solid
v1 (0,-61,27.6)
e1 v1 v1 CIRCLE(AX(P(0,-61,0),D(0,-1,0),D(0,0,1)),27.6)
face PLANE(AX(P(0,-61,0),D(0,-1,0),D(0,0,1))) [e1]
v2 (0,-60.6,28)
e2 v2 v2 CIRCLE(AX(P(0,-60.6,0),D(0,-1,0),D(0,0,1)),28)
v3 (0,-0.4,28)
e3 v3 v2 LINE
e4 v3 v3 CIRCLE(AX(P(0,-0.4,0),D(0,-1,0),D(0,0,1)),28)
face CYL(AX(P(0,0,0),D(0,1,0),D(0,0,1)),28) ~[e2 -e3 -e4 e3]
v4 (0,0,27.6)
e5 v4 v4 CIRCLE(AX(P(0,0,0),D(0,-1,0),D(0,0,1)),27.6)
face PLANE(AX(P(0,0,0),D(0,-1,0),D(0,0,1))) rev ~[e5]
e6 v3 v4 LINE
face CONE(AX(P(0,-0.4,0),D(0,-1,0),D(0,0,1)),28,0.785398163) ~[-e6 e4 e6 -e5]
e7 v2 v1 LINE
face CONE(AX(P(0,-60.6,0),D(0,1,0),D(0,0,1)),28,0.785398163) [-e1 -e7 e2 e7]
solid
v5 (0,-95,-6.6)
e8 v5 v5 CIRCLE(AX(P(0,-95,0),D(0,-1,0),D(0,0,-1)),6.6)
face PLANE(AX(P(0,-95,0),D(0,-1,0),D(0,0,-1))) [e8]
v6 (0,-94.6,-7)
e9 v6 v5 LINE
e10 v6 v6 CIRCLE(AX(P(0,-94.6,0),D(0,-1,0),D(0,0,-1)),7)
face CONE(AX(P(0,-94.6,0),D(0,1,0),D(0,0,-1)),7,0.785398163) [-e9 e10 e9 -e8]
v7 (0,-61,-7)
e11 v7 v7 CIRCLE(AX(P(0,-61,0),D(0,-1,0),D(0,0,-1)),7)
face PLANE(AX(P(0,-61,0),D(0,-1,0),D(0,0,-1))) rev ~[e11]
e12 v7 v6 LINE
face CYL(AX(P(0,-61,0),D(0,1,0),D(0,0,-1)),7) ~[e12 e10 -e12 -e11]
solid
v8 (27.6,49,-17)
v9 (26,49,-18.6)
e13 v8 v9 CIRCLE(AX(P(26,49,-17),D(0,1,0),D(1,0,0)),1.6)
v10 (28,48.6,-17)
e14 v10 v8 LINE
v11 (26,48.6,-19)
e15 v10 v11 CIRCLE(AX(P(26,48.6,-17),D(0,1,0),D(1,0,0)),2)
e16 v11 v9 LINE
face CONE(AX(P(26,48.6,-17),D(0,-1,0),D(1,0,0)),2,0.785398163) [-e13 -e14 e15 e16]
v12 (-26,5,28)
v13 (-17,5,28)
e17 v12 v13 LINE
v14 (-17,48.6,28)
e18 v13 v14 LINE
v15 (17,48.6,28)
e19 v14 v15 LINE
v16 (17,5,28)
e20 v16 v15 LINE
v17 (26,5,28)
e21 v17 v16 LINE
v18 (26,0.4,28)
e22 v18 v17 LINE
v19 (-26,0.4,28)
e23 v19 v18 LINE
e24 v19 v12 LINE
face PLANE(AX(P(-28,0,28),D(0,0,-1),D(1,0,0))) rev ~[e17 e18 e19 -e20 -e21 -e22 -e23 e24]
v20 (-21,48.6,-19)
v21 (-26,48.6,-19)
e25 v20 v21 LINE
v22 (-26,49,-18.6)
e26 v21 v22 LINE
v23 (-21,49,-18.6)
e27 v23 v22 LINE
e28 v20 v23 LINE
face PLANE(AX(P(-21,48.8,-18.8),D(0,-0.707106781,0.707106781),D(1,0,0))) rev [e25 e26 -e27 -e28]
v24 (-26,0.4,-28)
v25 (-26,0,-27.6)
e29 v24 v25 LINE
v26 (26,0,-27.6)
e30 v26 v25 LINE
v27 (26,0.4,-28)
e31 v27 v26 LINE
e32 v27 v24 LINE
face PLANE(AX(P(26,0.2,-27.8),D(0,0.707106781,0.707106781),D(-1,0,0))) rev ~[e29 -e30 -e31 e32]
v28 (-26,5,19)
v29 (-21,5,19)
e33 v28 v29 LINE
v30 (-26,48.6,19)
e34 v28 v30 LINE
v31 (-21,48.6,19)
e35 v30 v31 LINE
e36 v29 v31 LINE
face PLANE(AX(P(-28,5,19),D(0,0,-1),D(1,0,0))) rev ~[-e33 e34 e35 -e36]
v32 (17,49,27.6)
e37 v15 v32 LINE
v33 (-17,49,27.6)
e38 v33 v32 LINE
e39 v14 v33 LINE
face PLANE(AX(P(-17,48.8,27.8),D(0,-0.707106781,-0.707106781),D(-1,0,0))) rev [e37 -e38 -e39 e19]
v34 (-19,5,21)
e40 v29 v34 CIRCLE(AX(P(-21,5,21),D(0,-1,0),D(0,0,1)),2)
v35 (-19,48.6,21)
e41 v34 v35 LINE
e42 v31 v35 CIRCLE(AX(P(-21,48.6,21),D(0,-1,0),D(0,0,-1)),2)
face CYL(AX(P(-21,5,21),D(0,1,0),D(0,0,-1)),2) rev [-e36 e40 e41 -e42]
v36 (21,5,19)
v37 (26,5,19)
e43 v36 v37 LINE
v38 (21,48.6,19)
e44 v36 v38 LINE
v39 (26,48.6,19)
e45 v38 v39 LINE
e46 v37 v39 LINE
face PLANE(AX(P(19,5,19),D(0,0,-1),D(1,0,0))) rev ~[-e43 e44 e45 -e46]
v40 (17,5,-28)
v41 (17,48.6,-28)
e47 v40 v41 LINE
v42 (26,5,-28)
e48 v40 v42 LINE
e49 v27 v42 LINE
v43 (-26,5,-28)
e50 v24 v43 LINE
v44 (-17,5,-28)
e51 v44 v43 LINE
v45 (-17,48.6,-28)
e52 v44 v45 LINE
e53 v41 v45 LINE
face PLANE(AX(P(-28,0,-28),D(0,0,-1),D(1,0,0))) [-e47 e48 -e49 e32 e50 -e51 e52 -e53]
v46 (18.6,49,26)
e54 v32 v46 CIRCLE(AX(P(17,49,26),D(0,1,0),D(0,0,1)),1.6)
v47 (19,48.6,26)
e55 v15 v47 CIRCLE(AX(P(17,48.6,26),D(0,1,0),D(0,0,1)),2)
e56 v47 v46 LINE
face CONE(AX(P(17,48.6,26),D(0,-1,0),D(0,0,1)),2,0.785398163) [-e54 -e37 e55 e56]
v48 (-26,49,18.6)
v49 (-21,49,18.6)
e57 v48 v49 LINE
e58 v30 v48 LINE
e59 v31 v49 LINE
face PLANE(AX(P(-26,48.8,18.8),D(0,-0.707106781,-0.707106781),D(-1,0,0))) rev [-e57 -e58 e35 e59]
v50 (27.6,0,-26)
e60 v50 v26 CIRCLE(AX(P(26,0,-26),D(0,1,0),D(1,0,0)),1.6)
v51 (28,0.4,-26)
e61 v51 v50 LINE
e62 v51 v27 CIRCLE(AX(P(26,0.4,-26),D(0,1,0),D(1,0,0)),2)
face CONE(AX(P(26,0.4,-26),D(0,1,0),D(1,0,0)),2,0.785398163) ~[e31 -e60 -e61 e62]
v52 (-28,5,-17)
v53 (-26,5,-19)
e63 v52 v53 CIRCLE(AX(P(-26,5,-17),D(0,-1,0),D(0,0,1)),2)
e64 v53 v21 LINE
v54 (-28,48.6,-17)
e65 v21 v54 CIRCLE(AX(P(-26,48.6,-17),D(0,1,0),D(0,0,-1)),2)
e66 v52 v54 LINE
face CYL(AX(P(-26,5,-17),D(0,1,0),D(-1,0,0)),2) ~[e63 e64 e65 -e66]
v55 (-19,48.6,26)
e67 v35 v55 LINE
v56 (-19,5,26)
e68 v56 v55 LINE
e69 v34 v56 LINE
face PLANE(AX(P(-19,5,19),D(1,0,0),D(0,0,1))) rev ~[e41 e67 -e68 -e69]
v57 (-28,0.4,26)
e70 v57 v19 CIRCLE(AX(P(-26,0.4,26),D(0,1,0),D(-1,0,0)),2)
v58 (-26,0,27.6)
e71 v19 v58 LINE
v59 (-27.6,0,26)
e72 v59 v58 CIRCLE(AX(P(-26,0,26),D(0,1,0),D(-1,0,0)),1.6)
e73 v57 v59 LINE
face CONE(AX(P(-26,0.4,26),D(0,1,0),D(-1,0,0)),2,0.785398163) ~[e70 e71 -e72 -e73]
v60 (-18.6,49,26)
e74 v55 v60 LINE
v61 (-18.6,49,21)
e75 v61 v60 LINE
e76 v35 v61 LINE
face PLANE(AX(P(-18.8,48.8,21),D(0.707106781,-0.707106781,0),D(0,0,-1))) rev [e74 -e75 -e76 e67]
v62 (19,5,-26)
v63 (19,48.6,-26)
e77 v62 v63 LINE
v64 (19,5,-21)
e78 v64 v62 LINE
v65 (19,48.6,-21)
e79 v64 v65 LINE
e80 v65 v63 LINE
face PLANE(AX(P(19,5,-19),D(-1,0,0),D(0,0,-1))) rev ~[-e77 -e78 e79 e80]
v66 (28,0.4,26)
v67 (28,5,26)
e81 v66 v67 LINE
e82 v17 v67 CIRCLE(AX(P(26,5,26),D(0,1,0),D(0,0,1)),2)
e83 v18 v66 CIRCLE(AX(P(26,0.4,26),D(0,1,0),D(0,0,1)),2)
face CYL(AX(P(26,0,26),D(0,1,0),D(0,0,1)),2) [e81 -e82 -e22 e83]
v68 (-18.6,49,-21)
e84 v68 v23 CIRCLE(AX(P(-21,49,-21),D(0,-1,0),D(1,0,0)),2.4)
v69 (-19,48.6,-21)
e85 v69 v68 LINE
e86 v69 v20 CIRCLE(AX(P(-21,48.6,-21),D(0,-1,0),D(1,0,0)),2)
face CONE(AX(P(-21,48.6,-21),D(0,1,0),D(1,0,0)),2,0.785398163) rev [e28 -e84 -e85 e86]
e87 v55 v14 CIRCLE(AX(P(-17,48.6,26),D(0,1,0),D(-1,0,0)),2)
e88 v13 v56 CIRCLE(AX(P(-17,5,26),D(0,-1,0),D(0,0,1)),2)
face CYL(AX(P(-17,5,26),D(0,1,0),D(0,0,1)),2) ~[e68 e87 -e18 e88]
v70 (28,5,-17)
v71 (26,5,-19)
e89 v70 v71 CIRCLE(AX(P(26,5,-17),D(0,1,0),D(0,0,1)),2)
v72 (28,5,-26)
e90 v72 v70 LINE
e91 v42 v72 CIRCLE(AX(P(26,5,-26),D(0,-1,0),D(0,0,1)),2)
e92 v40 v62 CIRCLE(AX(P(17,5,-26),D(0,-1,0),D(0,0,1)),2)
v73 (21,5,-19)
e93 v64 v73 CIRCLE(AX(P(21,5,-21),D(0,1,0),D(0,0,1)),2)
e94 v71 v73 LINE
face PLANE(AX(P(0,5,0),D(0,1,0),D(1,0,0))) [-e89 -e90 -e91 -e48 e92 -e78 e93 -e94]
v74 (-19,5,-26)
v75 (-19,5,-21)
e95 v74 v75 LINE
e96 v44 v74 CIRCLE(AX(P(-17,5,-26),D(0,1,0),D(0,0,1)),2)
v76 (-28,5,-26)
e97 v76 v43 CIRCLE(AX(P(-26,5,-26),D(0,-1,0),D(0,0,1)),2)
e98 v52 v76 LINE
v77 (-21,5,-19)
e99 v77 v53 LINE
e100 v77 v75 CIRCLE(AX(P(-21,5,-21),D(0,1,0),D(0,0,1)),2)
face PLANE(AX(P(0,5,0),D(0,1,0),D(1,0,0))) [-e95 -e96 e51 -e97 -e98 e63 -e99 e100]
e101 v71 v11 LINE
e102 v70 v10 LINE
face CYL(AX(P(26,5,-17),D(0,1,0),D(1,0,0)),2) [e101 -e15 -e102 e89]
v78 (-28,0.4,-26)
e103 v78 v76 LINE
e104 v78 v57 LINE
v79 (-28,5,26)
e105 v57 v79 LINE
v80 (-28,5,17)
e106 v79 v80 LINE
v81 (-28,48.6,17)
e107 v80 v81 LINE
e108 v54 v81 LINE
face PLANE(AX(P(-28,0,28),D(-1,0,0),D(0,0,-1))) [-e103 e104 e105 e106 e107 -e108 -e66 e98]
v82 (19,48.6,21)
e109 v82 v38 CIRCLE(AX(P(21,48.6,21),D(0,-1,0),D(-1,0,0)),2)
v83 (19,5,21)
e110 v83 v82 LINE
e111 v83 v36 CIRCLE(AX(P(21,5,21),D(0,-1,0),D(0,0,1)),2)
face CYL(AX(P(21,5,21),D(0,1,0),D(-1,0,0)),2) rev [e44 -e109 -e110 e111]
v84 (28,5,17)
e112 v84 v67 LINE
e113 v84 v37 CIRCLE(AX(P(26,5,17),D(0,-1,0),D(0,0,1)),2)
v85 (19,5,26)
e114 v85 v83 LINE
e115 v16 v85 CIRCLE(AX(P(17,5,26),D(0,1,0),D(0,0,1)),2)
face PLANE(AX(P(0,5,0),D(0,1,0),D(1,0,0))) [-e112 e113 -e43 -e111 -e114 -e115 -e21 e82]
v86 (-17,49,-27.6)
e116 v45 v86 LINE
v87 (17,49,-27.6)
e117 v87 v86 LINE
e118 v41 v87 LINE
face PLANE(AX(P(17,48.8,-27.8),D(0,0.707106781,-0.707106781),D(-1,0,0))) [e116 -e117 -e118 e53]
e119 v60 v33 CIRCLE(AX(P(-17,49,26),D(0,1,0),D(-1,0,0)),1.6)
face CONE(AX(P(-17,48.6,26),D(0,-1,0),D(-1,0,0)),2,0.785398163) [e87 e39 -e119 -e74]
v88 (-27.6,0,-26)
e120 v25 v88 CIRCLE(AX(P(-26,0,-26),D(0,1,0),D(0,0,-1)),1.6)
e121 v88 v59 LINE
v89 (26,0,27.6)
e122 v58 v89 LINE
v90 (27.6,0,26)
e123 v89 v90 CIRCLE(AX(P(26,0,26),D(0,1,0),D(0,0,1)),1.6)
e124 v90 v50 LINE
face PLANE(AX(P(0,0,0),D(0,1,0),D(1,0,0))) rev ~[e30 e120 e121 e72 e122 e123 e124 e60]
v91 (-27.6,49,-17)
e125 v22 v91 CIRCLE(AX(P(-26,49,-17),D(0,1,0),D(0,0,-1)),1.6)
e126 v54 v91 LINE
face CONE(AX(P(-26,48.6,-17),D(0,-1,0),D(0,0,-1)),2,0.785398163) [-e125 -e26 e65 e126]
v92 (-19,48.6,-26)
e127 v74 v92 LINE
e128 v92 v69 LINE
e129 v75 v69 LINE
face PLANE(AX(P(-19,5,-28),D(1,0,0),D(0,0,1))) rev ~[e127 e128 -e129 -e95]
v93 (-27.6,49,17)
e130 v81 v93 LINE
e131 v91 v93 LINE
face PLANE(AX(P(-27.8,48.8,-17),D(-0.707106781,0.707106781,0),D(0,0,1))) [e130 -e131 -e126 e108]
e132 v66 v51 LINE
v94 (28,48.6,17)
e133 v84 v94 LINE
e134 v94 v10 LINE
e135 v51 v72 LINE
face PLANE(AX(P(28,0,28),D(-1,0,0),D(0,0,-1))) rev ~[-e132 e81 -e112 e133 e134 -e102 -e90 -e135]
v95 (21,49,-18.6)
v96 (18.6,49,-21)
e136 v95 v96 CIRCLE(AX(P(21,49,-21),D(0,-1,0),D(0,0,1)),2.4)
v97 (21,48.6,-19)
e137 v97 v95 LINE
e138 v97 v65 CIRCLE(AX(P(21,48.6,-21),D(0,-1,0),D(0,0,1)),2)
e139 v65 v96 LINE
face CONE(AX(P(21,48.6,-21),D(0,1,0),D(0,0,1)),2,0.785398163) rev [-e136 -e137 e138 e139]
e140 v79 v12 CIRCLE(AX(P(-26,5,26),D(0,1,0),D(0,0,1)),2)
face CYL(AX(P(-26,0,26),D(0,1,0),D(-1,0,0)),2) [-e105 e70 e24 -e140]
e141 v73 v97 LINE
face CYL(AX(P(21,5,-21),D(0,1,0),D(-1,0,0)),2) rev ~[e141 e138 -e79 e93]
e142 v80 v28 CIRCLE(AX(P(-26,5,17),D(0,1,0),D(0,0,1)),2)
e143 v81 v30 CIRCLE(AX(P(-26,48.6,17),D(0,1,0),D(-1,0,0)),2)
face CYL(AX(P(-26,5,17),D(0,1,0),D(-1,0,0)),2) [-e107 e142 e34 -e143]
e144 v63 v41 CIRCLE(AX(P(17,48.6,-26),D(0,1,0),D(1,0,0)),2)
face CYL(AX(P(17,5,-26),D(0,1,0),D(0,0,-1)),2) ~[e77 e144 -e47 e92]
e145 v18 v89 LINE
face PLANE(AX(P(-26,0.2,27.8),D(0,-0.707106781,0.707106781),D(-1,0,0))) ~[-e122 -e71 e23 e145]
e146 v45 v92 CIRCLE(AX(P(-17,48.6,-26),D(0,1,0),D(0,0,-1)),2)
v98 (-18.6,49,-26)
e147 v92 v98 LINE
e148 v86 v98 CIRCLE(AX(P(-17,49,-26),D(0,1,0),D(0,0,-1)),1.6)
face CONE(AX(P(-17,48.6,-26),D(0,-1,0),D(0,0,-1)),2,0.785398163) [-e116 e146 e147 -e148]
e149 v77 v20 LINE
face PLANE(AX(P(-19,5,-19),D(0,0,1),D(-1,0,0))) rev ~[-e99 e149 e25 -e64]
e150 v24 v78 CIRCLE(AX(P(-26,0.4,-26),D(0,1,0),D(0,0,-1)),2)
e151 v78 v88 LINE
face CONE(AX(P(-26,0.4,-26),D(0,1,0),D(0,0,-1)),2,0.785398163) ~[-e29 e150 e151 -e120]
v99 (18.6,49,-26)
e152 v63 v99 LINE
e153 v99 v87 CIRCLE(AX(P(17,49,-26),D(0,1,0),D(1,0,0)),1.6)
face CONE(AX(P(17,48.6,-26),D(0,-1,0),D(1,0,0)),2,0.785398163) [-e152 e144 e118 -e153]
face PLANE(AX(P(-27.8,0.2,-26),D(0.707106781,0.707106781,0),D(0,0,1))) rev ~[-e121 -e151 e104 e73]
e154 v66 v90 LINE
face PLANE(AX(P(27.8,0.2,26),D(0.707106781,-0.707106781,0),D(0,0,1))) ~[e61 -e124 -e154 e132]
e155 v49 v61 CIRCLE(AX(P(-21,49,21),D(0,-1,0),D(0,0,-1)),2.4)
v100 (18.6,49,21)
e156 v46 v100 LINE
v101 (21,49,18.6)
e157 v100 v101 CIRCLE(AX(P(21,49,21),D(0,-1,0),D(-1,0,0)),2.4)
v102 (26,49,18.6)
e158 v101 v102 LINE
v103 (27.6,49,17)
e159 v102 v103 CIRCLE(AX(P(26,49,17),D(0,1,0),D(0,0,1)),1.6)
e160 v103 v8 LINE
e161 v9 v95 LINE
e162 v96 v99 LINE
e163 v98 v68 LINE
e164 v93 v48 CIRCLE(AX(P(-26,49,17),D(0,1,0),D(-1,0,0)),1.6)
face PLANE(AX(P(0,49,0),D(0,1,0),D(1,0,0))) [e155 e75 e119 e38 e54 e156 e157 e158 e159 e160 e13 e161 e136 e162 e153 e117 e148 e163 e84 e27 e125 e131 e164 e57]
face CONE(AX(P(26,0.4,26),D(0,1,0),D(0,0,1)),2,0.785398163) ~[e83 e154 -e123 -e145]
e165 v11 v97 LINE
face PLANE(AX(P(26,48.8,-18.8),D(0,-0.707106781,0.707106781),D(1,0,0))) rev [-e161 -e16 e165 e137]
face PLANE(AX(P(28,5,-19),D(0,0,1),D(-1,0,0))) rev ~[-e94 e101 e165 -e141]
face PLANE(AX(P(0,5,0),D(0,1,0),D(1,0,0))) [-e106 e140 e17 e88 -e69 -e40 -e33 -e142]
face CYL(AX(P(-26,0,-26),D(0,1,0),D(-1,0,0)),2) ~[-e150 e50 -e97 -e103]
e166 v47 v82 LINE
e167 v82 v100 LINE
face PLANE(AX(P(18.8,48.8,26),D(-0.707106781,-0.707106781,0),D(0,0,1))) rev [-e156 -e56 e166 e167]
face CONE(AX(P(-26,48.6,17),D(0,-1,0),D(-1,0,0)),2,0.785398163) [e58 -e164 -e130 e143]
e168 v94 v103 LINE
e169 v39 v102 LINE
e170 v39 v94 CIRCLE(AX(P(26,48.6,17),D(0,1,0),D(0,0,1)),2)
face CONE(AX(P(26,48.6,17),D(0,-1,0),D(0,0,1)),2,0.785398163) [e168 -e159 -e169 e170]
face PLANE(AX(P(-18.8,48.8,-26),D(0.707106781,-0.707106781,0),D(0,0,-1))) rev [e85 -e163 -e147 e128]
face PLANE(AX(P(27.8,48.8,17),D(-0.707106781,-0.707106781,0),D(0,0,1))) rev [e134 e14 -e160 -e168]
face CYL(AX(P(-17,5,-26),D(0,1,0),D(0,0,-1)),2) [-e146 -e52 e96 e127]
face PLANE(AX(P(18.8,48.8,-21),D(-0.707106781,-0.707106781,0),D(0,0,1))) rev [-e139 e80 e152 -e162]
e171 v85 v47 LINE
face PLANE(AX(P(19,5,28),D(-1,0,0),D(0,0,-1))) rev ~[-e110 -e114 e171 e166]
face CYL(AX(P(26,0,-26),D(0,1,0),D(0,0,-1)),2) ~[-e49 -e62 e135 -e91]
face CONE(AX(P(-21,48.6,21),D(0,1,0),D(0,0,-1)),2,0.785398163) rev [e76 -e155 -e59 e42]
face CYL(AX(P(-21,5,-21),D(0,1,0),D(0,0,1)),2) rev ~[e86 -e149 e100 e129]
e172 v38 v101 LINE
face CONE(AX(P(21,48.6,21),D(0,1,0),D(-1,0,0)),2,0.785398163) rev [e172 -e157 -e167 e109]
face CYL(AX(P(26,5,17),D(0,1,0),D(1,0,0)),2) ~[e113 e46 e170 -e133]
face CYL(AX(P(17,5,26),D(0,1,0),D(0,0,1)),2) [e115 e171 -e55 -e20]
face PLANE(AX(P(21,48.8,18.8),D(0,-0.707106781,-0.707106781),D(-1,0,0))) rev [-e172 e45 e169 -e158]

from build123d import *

# Parameters (mm, degrees)
SKETCH1_W           = 56
SKETCH1_H           = 56
BOSS_EXTRUDE1_DEPTH = 5
BOSS_EXTRUDE2_DEPTH = 44
FILLET1_R           = 2
CHAMFER1_SIZE       = 0.4
SKETCH3_R           = 28
BOSS_EXTRUDE3_DEPTH = 61
CHAMFER2_SIZE       = 0.4
SKETCH4_R           = 7
BOSS_EXTRUDE4_DEPTH = 34
CHAMFER3_SIZE       = 0.4


with BuildPart() as part:
    # Sketch1 → Boss-Extrude1 (new body)
    with BuildSketch(Plane(origin=(0, 0, 0), x_dir=(1, 0, 0), z_dir=(0, 1, 0))):
        Rectangle(SKETCH1_W, SKETCH1_H)
    extrude(amount=BOSS_EXTRUDE1_DEPTH)

    # Sketch2 → Boss-Extrude2 (add)
    with BuildSketch(Plane(origin=(0, 5, 0), x_dir=(1, 0, 0), z_dir=(0, 1, 0))):
        Polygon((-19, 19), (-28, 19), (-28, 0), (-28, -19), (-19, -19), (-19, -28), (19, -28), (19, -19), (28, -19), (28, 0), (28, 19), (19, 19), (19, 28), (-19, 28), align=None)
    extrude(amount=BOSS_EXTRUDE2_DEPTH)

    # Fillet1
    fillet1_edges = [part.edges().sort_by_distance(p)[0] for p in [
        (-28, 27, 19),
        (-19, 27, 19),
        (-19, 27, 28),
        (19, 27, 28),
        (19, 27, 19),
        (28, 27, 19),
        (28, 27, -19),
        (19, 27, -19),
        (19, 27, -28),
        (-19, 27, -28),
        (-19, 27, -19),
        (-28, 27, -19),
        (28, 2.5, 28),
        (-28, 2.5, 28),
        (-28, 2.5, -28),
        (28, 2.5, -28),
    ]]
    fillet(fillet1_edges, radius=FILLET1_R)

    # Chamfer1
    chamfer1_edges = [part.edges().sort_by_distance(p)[0] for p in [
        (-19.585786438, 49, 19.585786438),
        (19.585786438, 49, 19.585786438),
        (19.585786438, 49, -19.585786438),
        (-19.585786438, 49, -19.585786438),
        (0, 0, 28),
        (0, 49, 28),
        (28, 0, 0),
        (-28, 0, 0),
        (0, 0, -28),
        (-27.414213562, 0, -27.414213562),
        (27.414213562, 0, -27.414213562),
        (27.414213562, 0, 27.414213562),
        (-27.414213562, 0, 27.414213562),
        (-28, 49, 0),
        (-19, 49, 23.5),
        (-23.5, 49, 19),
        (19, 49, 23.5),
        (23.5, 49, 19),
        (28, 49, 0),
        (23.5, 49, -19),
        (19, 49, -23.5),
        (0, 49, -28),
        (-19, 49, -23.5),
        (-23.5, 49, -19),
        (-27.414213562, 49, -18.414213562),
        (-18.414213562, 49, -27.414213562),
        (18.414213562, 49, -27.414213562),
        (27.414213562, 49, -18.414213562),
        (27.414213562, 49, 18.414213562),
        (18.414213562, 49, 27.414213562),
        (-27.414213562, 49, 18.414213562),
        (-18.414213562, 49, 27.414213562),
    ]]
    chamfer(chamfer1_edges, length=CHAMFER1_SIZE)


with BuildPart() as body_2:
    # Sketch3 → Boss-Extrude3 (new body)
    with BuildSketch(Plane.XZ):
        with Locations(Location((0, 0, 0), (0, 0, 90))):
            Circle(SKETCH3_R)
    extrude(amount=BOSS_EXTRUDE3_DEPTH)

    # Chamfer2
    chamfer2_edges = [body_2.edges().sort_by_distance(p)[0] for p in [
        (0, 0, -28),
        (0, -61, -28),
    ]]
    chamfer(chamfer2_edges, length=CHAMFER2_SIZE)


with BuildPart() as body_3:
    # Sketch4 → Boss-Extrude4 (new body)
    with BuildSketch(Plane.XZ.offset(61)):
        with Locations(Location((0, 0, 0), (0, 0, 270))):
            Circle(SKETCH4_R)
    extrude(amount=BOSS_EXTRUDE4_DEPTH)

    # Chamfer3
    chamfer3_edges = [body_3.edges().sort_by_distance(p)[0] for p in [
        (0, -95, 7),
    ]]
    chamfer(chamfer3_edges, length=CHAMFER3_SIZE)


solid = Compound([part.part, body_2.part, body_3.part])
